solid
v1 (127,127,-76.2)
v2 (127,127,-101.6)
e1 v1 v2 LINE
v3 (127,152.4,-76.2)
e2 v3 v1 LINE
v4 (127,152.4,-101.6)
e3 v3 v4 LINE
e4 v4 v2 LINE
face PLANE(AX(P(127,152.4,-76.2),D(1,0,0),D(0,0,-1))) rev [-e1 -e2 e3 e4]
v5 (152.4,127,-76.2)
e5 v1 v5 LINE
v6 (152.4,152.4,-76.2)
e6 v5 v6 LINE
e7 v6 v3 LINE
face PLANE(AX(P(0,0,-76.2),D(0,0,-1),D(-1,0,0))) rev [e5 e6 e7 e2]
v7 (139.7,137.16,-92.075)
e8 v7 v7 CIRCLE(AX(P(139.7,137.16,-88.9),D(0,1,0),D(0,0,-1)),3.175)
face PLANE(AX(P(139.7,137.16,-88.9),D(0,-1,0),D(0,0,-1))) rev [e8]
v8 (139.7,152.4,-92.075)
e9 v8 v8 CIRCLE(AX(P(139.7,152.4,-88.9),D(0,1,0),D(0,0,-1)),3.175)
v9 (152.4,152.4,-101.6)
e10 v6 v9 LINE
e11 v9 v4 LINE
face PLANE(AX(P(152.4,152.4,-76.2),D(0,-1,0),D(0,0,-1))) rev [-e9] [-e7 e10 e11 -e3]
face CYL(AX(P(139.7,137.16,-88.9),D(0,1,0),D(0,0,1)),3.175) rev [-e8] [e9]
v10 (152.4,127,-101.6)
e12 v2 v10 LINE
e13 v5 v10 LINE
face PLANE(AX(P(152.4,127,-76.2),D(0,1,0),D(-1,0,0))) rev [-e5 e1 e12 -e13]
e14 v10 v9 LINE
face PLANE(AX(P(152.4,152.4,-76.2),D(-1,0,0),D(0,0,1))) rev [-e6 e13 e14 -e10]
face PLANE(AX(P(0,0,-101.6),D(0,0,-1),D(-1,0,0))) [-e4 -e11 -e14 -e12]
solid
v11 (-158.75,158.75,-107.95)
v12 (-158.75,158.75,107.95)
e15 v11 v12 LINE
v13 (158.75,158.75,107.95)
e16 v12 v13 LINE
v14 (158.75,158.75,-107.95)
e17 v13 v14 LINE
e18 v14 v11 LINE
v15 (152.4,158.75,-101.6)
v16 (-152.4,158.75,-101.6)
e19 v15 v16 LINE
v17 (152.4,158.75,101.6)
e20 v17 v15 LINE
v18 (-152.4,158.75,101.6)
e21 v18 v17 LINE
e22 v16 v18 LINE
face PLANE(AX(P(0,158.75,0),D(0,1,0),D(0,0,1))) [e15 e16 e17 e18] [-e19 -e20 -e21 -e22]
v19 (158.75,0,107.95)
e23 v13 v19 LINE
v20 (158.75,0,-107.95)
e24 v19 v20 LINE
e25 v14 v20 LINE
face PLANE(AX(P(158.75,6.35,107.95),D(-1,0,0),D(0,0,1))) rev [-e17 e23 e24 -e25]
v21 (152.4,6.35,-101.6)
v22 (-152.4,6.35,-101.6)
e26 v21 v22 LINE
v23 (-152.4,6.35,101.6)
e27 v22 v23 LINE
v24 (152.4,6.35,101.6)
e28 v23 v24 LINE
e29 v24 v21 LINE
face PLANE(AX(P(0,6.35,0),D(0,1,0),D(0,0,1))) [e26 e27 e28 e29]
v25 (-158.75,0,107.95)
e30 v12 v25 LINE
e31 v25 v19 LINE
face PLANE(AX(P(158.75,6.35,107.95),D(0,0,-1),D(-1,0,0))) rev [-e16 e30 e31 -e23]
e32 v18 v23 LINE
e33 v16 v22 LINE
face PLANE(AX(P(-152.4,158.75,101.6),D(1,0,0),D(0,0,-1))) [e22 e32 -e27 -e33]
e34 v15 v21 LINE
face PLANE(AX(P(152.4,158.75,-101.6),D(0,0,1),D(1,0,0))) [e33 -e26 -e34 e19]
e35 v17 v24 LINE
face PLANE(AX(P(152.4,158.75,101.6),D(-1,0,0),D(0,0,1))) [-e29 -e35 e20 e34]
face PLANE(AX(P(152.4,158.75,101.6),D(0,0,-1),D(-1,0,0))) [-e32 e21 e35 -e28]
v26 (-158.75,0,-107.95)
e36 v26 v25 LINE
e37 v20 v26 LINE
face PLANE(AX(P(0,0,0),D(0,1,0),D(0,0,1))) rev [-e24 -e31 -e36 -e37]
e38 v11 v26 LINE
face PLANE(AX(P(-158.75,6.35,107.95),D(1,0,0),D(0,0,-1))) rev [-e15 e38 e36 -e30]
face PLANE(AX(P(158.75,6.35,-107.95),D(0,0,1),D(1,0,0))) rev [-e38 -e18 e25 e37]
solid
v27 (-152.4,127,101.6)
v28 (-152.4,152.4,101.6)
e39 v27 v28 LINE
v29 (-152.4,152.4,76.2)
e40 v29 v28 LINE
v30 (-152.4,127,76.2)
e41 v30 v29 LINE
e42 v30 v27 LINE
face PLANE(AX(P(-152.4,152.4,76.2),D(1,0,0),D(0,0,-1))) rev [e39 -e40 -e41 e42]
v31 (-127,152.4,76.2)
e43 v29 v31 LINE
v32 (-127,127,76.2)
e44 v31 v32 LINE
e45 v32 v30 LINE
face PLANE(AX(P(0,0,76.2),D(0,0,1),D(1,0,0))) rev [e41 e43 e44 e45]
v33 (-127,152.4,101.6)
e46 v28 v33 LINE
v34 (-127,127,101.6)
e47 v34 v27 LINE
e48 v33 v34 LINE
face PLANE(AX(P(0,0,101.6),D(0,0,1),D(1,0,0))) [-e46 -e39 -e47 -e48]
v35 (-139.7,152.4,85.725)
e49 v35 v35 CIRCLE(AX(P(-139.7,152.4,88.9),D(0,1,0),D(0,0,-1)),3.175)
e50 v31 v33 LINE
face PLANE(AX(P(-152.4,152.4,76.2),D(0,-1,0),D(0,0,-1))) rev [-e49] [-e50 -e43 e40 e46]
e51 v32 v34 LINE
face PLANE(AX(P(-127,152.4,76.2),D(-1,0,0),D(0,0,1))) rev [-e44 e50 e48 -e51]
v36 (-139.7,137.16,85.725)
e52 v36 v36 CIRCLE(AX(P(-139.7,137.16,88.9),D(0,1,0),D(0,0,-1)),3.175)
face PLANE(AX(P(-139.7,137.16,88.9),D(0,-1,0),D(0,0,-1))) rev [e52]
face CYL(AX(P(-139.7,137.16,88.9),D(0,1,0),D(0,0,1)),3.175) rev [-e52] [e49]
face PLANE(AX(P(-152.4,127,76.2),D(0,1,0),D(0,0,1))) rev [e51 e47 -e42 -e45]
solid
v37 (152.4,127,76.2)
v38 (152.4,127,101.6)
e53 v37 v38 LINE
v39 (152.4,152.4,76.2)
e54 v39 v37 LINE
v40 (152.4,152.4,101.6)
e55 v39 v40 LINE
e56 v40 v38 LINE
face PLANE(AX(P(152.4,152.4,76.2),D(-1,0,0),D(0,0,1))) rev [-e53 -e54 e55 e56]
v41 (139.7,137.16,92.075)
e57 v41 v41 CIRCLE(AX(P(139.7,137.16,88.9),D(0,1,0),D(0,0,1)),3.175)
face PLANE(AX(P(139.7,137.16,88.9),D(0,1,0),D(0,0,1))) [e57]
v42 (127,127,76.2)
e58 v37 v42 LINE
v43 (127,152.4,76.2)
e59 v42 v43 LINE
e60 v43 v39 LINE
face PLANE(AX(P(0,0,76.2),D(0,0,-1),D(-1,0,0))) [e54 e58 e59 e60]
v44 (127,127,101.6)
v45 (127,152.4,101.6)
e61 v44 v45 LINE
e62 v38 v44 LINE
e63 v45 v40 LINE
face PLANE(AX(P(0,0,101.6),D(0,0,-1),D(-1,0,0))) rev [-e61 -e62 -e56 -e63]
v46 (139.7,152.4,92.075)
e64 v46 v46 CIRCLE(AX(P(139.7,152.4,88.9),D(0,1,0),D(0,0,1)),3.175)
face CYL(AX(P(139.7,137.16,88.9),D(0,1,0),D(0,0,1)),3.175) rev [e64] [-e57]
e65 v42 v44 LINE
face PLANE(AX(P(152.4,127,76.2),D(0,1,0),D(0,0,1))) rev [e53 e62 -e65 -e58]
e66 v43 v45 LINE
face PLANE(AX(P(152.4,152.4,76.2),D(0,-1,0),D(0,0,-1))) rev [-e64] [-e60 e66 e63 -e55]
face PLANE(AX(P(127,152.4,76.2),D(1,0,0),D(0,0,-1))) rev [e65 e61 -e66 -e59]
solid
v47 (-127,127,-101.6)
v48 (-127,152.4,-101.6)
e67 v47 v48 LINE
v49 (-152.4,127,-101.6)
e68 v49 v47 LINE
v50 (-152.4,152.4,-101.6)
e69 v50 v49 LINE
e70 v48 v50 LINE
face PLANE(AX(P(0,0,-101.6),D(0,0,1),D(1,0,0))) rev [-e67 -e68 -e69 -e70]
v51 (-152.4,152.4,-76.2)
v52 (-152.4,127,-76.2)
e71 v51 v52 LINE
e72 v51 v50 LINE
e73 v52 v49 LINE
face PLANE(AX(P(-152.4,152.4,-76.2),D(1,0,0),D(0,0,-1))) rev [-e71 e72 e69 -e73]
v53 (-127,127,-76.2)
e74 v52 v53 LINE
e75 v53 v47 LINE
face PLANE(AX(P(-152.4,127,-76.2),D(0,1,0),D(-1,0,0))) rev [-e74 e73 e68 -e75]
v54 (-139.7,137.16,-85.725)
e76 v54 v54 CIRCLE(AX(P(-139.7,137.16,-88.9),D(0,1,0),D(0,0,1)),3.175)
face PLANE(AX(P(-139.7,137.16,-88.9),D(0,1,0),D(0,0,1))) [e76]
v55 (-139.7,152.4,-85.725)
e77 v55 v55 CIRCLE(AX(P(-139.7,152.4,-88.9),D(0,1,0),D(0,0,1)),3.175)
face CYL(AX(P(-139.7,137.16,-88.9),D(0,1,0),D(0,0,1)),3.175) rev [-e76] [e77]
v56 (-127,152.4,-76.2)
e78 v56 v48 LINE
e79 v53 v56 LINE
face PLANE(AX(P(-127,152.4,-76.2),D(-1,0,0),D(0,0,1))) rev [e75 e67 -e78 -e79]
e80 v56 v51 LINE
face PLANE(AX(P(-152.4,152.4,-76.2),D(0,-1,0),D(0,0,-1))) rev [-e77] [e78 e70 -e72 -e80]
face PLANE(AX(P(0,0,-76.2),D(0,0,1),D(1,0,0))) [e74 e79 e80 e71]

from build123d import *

# Parameters (mm, degrees)
SKETCH1_W             = 317.5
SKETCH1_H             = 215.9
BOSS_EXTRUDE1_DEPTH   = 6.35
SKETCH2_W             = 317.5
SKETCH2_H             = 215.9
SKETCH2_W_2           = 304.8
SKETCH2_H_2           = 203.2
BOSS_EXTRUDE2_DEPTH   = 152.4
SKETCH3_W             = 25.4
SKETCH3_H             = 25.4
BOSS_EXTRUDE3_DEPTH   = 25.4
BOSS_EXTRUDE3_2_DEPTH = 25.4
SKETCH5_W             = 25.4
SKETCH5_H             = 25.4
BOSS_EXTRUDE5_DEPTH   = 25.4
BOSS_EXTRUDE5_2_DEPTH = 25.4
SKETCH6_R             = 3.175
CUT_EXTRUDE1_DEPTH    = 15.24


with BuildPart() as part:
    # Sketch1 → Boss-Extrude1 (new body)
    with BuildSketch(Plane(origin=(0, 0, 0), x_dir=(1, 0, 0), z_dir=(0, 1, 0))):
        Rectangle(SKETCH1_W, SKETCH1_H)
    extrude(amount=BOSS_EXTRUDE1_DEPTH)

    # Sketch2 → Boss-Extrude2 (add)
    with BuildSketch(Plane(origin=(0, 6.35, 0), x_dir=(1, 0, 0), z_dir=(0, 1, 0))):
        Rectangle(SKETCH2_W, SKETCH2_H)
        Rectangle(SKETCH2_W_2, SKETCH2_H_2, mode=Mode.SUBTRACT)
    extrude(amount=BOSS_EXTRUDE2_DEPTH)


with BuildPart() as body_2:
    # Sketch3 → Boss-Extrude3 (new body)
    with BuildSketch(Plane.XY.offset(-101.6)):
        with Locations((-139.7, 139.7)):
            Rectangle(SKETCH3_W, SKETCH3_H)
    extrude(amount=BOSS_EXTRUDE3_DEPTH)


with BuildPart() as body_3:
    # Sketch3 → Boss-Extrude3 2 (new body)
    with BuildSketch(Plane.XY.offset(-101.6)):
        with Locations((139.7, 139.7)):
            Rectangle(SKETCH3_W, SKETCH3_H)
    extrude(amount=BOSS_EXTRUDE3_2_DEPTH)


with BuildPart() as body_4:
    # Sketch5 → Boss-Extrude5 (new body)
    with BuildSketch(Plane(origin=(0, 0, 101.6), x_dir=(-1, 0, 0), z_dir=(0, 0, -1))):
        with Locations((-139.7, 139.7)):
            Rectangle(SKETCH5_W, SKETCH5_H)
    extrude(amount=BOSS_EXTRUDE5_DEPTH)


with BuildPart() as body_5:
    # Sketch5 → Boss-Extrude5 2 (new body)
    with BuildSketch(Plane(origin=(0, 0, 101.6), x_dir=(-1, 0, 0), z_dir=(0, 0, -1))):
        with Locations((139.7, 139.7)):
            Rectangle(SKETCH5_W, SKETCH5_H)
    extrude(amount=BOSS_EXTRUDE5_2_DEPTH)


with BuildPart() as cut_extrude1_tool:
    # Sketch6 → Cut-Extrude1 (new body)
    with BuildSketch(Plane(origin=(0, 152.4, 0), x_dir=(1, 0, 0), z_dir=(0, 1, 0))):
        with Locations((139.7, -88.9)):
            Circle(SKETCH6_R)
        with Locations((-139.7, -88.9)):
            Circle(SKETCH6_R)
        with Locations((-139.7, 88.9)):
            Circle(SKETCH6_R)
        with Locations((139.7, 88.9)):
            Circle(SKETCH6_R)
    extrude(amount=-CUT_EXTRUDE1_DEPTH)


with BuildPart() as body_2_1:
    add(body_2.part)

    # Cut-Extrude1: cut by cut_extrude1_tool
    add(cut_extrude1_tool.part, mode=Mode.SUBTRACT)


with BuildPart() as body_3_1:
    add(body_3.part)

    # Cut-Extrude1: cut by cut_extrude1_tool
    add(cut_extrude1_tool.part, mode=Mode.SUBTRACT)


with BuildPart() as body_4_1:
    add(body_4.part)

    # Cut-Extrude1: cut by cut_extrude1_tool
    add(cut_extrude1_tool.part, mode=Mode.SUBTRACT)


with BuildPart() as body_5_1:
    add(body_5.part)

    # Cut-Extrude1: cut by cut_extrude1_tool
    add(cut_extrude1_tool.part, mode=Mode.SUBTRACT)


solid = Compound([part.part, body_2_1.part, body_3_1.part, body_4_1.part, body_5_1.part])
